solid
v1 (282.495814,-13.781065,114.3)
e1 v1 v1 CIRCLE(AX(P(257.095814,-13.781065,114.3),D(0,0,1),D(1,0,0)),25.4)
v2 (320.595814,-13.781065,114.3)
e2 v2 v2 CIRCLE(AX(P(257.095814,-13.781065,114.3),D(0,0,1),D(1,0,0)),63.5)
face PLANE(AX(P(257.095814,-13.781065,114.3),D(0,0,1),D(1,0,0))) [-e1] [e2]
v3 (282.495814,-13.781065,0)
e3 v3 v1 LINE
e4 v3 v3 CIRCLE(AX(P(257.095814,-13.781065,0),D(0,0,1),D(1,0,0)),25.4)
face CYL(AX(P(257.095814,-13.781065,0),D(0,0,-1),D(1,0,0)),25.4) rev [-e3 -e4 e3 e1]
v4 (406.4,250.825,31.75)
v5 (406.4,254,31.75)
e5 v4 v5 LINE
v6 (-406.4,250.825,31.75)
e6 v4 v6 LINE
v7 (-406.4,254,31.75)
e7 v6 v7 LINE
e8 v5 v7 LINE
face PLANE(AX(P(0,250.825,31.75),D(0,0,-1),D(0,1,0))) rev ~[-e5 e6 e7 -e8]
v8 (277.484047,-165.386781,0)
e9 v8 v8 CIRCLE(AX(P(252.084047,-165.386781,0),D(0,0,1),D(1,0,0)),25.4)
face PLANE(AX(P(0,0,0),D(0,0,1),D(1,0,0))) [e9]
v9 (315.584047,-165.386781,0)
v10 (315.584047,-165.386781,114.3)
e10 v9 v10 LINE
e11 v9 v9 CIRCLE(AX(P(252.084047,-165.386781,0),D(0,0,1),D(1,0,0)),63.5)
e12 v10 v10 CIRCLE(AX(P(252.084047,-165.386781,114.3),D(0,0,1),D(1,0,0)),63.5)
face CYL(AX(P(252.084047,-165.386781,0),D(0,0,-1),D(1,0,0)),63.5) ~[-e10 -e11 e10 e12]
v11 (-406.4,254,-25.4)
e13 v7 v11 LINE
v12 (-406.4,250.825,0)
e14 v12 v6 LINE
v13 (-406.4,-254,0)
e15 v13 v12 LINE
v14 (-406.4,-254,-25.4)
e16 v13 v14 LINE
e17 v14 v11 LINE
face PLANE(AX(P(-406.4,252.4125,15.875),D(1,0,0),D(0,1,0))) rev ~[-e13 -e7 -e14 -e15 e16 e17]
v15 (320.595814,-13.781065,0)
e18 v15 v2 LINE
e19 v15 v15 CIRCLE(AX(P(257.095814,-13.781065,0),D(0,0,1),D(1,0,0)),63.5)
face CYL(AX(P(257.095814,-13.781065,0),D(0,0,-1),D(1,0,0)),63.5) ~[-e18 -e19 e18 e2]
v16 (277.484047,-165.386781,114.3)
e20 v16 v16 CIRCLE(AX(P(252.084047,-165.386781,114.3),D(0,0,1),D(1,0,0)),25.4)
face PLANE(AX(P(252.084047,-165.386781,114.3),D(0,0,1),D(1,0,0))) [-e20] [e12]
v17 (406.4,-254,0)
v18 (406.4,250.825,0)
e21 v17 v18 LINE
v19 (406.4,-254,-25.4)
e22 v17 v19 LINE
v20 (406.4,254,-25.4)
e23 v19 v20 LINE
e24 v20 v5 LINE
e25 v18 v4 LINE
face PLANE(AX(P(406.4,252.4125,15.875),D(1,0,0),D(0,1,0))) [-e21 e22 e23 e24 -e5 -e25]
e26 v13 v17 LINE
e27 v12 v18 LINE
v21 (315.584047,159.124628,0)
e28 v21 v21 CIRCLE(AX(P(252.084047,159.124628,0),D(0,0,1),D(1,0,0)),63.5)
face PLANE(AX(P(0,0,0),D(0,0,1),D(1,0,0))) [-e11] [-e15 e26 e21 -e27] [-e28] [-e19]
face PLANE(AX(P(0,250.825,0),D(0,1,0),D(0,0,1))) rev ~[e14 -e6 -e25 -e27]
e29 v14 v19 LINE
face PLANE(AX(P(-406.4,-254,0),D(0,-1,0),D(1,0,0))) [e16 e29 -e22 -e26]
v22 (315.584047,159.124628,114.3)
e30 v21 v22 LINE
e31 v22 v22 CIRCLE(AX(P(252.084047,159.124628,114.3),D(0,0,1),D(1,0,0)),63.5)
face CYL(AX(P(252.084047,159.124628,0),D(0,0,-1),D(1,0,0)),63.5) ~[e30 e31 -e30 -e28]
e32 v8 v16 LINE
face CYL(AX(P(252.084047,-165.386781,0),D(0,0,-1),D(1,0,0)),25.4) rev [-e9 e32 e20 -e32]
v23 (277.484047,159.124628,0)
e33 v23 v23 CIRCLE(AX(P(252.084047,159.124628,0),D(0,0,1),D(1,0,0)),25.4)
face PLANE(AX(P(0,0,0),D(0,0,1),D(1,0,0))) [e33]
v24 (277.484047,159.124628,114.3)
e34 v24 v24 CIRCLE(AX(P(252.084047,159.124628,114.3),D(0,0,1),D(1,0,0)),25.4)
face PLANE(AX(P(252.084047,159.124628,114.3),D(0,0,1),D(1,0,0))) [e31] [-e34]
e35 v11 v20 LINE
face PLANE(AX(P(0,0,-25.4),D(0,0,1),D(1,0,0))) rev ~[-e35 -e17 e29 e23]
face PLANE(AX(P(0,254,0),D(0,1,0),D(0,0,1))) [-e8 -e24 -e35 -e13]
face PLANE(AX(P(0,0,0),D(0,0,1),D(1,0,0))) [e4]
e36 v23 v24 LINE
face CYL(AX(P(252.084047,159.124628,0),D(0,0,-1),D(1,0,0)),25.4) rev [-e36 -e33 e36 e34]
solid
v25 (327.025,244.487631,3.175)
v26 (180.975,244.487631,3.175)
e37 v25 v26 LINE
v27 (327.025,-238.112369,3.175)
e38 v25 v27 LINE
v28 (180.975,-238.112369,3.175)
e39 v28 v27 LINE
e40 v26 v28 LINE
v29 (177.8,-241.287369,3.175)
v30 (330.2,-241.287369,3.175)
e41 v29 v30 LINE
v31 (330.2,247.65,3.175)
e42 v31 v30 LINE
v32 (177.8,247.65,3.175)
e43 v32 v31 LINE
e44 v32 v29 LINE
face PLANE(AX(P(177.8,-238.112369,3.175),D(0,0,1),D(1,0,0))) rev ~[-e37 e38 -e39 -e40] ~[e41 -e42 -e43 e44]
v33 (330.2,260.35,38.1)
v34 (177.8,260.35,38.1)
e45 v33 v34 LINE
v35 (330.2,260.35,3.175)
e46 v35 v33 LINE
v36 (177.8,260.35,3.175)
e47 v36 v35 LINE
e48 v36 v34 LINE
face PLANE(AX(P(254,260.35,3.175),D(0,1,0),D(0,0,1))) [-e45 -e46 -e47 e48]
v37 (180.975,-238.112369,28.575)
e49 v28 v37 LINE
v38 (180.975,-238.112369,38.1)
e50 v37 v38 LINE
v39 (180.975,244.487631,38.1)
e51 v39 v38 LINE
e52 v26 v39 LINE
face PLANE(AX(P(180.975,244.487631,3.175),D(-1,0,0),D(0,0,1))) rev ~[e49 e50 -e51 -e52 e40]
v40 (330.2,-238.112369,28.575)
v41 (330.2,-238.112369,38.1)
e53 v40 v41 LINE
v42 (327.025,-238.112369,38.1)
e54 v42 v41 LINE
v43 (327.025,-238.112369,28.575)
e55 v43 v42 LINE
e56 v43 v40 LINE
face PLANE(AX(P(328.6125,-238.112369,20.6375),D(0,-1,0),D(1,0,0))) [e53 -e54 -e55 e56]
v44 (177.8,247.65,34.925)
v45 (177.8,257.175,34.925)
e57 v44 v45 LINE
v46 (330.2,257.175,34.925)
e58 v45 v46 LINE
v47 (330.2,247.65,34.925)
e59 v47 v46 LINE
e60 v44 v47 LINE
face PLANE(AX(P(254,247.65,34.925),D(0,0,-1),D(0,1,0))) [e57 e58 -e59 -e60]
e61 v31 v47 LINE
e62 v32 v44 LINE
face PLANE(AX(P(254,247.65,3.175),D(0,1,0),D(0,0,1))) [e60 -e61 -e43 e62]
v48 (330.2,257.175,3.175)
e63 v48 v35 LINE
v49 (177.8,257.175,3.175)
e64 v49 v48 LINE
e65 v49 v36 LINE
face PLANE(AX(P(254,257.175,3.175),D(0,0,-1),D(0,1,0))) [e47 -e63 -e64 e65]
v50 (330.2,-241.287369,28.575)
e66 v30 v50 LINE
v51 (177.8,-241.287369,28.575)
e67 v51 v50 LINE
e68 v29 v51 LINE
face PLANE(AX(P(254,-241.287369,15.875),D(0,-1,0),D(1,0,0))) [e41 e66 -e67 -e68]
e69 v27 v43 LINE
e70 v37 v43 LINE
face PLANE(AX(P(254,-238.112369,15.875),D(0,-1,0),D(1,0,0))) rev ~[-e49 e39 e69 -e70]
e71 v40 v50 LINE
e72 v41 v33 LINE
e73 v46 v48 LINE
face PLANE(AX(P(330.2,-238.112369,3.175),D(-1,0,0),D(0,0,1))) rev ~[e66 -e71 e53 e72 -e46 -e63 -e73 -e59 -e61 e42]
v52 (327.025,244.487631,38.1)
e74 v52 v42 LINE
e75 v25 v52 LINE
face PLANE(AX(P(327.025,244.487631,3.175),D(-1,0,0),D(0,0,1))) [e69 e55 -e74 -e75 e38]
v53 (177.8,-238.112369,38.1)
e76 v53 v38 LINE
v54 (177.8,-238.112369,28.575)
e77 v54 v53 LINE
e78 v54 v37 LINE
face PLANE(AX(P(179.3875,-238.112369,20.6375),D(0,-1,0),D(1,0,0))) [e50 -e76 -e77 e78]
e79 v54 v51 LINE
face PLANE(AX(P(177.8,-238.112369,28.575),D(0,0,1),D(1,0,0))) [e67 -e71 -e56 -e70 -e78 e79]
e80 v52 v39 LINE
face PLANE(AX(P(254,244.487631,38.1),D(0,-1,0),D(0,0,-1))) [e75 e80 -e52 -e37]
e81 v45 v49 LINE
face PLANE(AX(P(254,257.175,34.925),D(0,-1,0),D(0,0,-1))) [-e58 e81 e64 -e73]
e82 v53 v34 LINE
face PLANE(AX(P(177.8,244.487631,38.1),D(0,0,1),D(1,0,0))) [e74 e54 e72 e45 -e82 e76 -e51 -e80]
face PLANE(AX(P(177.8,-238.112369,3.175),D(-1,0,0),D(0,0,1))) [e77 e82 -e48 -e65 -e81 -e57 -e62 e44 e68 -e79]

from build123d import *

# Parameters (mm, degrees)
F0_W      = 812.8
F0_H      = 508
F1_DEPTH  = 25.4
F2_W      = 3.175
F2_H      = 31.75
F3_DEPTH  = 406.4
F6_DEPTH  = 76.2
F7_W      = 3.175
F7_H      = 34.925
F8_DEPTH  = 482.6
F9_W      = 152.4
F9_H      = 25.4
F10_DEPTH = 3.175
F11_R     = 63.5
F11_R_2   = 25.4
F12_DEPTH = 114.3


with BuildPart() as f1:
    # F0 (on Top) → F1 (new body)
    with BuildSketch(Plane.XY):
        Rectangle(F0_W, F0_H)
    extrude(amount=-F1_DEPTH)

    # F2 (on Right) → F3 (join, symmetric)
    with BuildSketch(Plane.YZ):
        with Locations((252.4125, 15.875)):
            Rectangle(F2_W, F2_H)
    extrude(amount=F3_DEPTH, both=True)

    # F11 (on face) → F12 (join)
    with BuildSketch(Plane.XY):
        with Locations((252.084047, 159.124628)):
            Circle(F11_R)
        with Locations((252.084047, 159.124628)):
            Circle(F11_R_2, mode=Mode.SUBTRACT)
        with Locations((257.095814, -13.781065)):
            Circle(F11_R)
        with Locations((257.095814, -13.781065)):
            Circle(F11_R_2, mode=Mode.SUBTRACT)
        with Locations((252.084047, -165.386781)):
            Circle(F11_R)
        with Locations((252.084047, -165.386781)):
            Circle(F11_R_2, mode=Mode.SUBTRACT)
    extrude(amount=F12_DEPTH)


with BuildPart() as f6:
    # F5 (on offset) → F6 (new body, symmetric)
    with BuildSketch(Plane.YZ.offset(254)):
        Polygon((244.487631, 3.175), (247.65, 3.175), (247.65, 34.925), (257.175, 34.925), (257.175, 3.175), (260.35, 3.175), (260.35, 38.1), (244.487631, 38.1), align=None)
    extrude(amount=F6_DEPTH, both=True)

    # F7 (on face) → F8 (join)
    with BuildSketch(Plane.XZ.offset(-244.487631)):
        with Locations((179.3875, 20.6375)):
            Rectangle(F7_W, F7_H)
        with Locations((328.6125, 20.6375)):
            Rectangle(F7_W, F7_H)
    extrude(amount=F8_DEPTH)

    # F9 (on face) → F10 (join)
    with BuildSketch(Plane.XZ.offset(238.112369)):
        with Locations((254, 15.875)):
            Rectangle(F9_W, F9_H)
    extrude(amount=F10_DEPTH)


solid = Compound([f1.part, f6.part])
